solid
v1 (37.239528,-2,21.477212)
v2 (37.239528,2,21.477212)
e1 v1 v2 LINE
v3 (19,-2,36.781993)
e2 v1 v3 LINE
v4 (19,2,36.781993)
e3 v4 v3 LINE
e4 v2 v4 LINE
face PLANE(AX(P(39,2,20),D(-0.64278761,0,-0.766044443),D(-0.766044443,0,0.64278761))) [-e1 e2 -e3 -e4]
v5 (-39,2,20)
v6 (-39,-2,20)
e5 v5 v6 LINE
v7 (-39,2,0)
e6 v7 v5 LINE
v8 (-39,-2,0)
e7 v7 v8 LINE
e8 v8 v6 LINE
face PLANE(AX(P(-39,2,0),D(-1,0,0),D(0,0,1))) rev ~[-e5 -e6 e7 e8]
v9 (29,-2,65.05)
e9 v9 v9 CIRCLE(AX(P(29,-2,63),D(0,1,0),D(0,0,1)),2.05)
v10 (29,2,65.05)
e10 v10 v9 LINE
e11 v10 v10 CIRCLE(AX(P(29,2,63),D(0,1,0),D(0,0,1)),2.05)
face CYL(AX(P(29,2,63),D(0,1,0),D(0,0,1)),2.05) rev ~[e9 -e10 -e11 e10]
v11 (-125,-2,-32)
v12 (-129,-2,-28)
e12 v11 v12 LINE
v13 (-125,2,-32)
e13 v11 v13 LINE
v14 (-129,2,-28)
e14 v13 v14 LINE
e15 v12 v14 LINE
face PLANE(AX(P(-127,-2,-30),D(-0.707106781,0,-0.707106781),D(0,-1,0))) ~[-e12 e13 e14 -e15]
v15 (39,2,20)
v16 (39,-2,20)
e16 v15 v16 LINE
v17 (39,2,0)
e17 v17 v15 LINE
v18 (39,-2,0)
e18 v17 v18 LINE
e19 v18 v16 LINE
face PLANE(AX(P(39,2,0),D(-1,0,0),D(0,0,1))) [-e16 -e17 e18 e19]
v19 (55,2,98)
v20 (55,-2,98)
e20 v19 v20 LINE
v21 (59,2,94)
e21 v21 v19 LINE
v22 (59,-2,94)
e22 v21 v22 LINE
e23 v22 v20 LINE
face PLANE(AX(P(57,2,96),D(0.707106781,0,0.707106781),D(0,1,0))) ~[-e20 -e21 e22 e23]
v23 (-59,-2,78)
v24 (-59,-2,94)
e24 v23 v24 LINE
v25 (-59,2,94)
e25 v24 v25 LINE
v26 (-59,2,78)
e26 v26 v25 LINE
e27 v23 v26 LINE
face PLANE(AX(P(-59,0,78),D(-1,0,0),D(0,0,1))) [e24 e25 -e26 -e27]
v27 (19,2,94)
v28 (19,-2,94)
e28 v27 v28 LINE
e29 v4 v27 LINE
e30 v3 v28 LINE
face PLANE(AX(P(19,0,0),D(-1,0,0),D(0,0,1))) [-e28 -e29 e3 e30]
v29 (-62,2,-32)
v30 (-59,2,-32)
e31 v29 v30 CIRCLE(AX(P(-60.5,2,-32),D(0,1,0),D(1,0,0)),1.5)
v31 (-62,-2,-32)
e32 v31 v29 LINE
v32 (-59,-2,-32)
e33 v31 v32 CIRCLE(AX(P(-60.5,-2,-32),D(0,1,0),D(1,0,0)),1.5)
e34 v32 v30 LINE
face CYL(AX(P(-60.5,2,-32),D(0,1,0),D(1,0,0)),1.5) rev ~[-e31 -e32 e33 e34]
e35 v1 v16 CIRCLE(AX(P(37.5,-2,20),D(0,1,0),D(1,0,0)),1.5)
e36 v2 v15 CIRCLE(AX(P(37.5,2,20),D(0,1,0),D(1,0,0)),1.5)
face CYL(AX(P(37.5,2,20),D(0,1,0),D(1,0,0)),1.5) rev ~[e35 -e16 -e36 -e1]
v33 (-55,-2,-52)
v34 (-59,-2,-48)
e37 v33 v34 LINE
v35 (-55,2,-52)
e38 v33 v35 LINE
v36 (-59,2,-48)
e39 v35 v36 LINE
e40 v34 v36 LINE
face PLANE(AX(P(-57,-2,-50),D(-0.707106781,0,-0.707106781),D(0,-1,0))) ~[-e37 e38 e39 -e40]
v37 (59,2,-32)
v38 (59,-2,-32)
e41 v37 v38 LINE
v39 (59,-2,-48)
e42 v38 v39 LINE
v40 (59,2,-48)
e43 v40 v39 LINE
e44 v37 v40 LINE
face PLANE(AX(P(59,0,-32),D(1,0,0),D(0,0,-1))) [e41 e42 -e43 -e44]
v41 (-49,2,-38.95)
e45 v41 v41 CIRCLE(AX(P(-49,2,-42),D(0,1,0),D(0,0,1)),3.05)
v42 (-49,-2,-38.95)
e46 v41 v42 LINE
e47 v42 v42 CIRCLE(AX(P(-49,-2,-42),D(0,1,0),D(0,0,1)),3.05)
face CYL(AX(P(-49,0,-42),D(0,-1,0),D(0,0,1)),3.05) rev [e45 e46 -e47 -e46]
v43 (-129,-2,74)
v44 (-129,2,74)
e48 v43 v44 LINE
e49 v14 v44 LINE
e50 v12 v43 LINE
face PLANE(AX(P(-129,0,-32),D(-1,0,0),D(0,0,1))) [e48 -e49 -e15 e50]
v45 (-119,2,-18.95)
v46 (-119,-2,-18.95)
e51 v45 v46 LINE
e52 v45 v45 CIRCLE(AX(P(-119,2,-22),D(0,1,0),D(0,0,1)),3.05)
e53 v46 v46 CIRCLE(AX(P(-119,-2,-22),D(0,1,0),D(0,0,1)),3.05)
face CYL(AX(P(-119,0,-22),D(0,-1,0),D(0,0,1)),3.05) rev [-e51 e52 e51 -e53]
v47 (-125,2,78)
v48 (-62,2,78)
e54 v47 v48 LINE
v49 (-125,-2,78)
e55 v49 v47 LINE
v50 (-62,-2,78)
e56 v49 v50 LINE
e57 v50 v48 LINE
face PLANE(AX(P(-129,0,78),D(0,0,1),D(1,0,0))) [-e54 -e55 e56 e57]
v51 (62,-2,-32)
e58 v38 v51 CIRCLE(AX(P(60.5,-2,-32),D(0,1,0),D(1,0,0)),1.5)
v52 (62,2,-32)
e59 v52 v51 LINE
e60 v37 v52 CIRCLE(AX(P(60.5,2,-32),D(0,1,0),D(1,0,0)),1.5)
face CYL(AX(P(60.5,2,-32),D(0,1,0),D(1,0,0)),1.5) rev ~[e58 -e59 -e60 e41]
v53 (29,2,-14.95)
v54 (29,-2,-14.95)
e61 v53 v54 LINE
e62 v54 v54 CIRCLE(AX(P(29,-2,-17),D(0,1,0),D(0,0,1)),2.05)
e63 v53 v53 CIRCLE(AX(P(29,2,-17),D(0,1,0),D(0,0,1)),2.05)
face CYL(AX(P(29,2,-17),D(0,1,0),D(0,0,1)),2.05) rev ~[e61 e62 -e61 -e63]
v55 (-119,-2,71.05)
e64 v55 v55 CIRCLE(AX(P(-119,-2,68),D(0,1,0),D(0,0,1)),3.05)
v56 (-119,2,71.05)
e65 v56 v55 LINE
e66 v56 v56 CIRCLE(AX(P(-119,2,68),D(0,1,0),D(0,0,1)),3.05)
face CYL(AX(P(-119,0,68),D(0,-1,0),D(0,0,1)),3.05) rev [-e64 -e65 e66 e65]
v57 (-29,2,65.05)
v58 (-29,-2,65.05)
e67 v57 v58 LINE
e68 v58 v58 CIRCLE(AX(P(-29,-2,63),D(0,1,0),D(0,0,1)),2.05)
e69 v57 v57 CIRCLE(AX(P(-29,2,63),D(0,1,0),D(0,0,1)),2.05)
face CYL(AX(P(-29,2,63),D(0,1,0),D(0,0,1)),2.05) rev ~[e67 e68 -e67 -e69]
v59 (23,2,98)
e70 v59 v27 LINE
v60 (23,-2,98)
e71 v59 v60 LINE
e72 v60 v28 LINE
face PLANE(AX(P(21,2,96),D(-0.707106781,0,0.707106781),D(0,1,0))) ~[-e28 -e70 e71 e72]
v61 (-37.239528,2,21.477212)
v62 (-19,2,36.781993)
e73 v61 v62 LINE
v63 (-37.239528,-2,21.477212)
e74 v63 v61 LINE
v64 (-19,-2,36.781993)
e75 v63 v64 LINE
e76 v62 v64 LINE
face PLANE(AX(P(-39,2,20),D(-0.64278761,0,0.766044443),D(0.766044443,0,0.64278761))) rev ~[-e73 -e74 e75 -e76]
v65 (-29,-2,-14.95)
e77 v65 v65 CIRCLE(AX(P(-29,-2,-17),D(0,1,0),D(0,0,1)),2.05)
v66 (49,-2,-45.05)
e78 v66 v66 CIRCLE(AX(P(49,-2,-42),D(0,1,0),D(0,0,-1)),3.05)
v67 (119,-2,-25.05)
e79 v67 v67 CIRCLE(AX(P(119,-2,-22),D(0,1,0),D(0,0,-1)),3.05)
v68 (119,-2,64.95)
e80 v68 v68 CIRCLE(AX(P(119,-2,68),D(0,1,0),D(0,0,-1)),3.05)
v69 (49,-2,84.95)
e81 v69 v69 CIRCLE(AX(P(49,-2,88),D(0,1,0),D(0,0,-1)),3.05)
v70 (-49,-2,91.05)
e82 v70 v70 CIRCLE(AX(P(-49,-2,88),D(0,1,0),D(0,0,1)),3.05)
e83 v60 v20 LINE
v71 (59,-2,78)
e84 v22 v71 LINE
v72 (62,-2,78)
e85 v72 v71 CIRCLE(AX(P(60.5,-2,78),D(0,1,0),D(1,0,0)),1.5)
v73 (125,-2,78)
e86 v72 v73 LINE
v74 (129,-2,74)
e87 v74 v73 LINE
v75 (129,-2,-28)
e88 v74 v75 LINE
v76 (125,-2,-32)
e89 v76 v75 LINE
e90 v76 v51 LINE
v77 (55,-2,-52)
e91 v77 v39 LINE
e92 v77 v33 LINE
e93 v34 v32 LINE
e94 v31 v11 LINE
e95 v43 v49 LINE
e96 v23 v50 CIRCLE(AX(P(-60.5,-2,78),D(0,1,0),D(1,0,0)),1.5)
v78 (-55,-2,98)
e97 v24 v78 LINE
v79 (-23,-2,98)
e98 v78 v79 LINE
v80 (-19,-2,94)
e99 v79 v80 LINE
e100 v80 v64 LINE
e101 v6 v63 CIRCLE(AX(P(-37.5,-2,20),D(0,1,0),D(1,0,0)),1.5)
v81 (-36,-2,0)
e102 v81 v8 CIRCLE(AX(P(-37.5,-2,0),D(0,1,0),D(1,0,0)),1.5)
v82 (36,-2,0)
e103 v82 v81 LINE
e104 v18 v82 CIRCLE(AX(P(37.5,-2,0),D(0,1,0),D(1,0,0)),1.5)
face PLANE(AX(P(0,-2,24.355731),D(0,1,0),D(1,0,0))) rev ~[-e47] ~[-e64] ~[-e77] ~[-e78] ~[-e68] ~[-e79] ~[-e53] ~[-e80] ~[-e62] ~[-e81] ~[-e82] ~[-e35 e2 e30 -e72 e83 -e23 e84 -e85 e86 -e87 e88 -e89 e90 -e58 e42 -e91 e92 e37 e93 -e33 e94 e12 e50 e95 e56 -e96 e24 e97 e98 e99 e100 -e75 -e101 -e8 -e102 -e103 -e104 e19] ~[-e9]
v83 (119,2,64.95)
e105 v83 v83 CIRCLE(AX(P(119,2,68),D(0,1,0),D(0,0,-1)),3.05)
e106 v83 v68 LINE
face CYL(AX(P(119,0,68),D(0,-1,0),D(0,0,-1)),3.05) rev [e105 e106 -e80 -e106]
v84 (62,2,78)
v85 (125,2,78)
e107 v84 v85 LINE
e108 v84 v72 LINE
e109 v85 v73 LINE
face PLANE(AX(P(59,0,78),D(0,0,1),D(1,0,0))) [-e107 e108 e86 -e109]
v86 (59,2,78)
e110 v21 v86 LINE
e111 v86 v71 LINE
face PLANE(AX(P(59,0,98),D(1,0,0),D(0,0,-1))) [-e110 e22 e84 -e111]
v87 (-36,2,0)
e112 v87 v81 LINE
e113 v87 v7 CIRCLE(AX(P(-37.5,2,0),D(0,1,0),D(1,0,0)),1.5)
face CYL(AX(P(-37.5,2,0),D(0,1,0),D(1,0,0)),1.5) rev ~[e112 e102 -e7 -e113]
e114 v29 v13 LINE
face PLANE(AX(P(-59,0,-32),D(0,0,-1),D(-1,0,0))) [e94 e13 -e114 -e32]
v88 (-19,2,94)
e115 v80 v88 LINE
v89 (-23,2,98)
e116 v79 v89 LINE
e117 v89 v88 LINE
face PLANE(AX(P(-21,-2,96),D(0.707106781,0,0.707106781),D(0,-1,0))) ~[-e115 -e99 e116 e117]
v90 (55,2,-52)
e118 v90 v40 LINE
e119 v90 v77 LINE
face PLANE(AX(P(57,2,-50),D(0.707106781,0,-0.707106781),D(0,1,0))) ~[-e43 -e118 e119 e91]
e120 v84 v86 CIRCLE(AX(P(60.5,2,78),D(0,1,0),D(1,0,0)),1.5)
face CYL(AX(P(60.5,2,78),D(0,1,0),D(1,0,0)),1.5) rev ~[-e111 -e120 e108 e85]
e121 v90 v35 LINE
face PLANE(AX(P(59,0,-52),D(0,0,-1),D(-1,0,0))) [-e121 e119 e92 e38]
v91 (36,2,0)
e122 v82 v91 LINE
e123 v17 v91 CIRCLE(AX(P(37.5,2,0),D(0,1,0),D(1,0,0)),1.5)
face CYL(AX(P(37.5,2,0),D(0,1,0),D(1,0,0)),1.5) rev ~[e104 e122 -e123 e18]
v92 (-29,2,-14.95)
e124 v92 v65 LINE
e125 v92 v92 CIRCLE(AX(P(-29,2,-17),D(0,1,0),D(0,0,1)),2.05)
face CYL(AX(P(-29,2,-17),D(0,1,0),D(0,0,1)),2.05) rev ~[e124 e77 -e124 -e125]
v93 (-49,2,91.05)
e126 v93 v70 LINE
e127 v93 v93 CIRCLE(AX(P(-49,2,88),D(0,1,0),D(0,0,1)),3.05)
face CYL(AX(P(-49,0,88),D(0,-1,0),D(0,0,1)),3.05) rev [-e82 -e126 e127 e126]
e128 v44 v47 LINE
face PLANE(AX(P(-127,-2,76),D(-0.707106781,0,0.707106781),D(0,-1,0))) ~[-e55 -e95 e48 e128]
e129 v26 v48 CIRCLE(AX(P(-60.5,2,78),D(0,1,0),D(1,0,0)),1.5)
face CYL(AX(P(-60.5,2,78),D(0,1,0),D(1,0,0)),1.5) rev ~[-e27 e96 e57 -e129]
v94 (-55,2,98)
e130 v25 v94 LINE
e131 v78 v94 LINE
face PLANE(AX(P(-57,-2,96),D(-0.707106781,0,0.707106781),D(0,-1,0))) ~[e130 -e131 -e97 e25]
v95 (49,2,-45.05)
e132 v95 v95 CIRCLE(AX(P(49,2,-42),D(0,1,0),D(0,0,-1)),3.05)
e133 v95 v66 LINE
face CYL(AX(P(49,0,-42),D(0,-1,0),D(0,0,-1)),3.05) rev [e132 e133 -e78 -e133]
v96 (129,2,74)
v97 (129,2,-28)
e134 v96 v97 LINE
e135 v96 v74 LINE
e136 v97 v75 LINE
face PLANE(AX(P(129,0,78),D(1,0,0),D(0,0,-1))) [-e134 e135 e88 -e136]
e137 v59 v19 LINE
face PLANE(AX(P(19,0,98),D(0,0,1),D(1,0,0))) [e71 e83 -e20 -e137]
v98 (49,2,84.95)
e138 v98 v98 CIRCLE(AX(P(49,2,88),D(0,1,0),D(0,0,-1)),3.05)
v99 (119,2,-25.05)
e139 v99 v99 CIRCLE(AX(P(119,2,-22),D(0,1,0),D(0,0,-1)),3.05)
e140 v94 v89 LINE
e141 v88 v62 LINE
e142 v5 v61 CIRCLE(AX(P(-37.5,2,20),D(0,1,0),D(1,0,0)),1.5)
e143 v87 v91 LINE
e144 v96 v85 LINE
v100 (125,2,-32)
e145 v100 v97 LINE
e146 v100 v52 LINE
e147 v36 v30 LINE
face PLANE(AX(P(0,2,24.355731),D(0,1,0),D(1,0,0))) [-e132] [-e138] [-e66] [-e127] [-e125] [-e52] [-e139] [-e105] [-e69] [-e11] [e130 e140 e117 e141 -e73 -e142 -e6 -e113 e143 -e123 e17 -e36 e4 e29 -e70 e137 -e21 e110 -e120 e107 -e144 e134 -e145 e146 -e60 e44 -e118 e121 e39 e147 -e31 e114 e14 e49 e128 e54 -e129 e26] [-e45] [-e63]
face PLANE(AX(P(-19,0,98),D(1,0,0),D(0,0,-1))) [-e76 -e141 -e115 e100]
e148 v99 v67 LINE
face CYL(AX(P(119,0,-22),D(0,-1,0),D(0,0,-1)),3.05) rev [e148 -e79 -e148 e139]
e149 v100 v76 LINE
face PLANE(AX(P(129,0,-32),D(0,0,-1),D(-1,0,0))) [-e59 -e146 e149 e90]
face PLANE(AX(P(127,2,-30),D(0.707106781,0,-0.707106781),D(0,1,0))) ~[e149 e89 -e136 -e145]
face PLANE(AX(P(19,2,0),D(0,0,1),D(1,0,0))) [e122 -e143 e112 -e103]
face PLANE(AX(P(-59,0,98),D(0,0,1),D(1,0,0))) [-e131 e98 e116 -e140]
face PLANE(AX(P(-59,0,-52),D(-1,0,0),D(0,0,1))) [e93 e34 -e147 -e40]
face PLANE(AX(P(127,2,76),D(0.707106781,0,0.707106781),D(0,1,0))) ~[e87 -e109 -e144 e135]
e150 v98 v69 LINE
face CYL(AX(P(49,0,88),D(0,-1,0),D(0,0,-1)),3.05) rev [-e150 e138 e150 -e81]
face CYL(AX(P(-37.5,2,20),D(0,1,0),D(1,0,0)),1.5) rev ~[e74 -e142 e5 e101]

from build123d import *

# Parameters (mm, degrees)
SKETCH_1_R          = 3.05
EXTRUDE_1_DEPTH     = 2
CUT_EXTRUDE_1_DEPTH = 163.052460642
SKETCH_3_R          = 1.5
CUT_EXTRUDE_2_DEPTH = 163.052460642
SKETCH_4_R          = 2.05
CUT_EXTRUDE_3_DEPTH = 163.052460642
CHAMFER_1_SIZE      = 4


with BuildPart() as part:
    # 草图1 → 凸台-拉伸1 (new, symmetric)
    with BuildSketch(Plane(origin=(0, 0, 0), x_dir=(1, 0, 0), z_dir=(0, 1, 0))):
        Polygon((59, 52), (-59, 52), (-59, 32), (-129, 32), (-129, -78), (-59, -78), (-59, -98), (-19, -98), (-19, 0), (19, 0), (19, -98), (59, -98), (59, -78), (129, -78), (129, 32), (59, 32), align=None)
        with Locations(Location((-49, 42, 0), (0, 0, 270))):
            Circle(SKETCH_1_R, mode=Mode.SUBTRACT)
        with Locations(Location((-119, 22, 0), (0, 0, 270))):
            Circle(SKETCH_1_R, mode=Mode.SUBTRACT)
        with Locations(Location((-119, -68, 0), (0, 0, 270))):
            Circle(SKETCH_1_R, mode=Mode.SUBTRACT)
        with Locations(Location((-49, -88, 0), (0, 0, 270))):
            Circle(SKETCH_1_R, mode=Mode.SUBTRACT)
        with Locations(Location((49, -88, 0), (0, 0, 90))):
            Circle(SKETCH_1_R, mode=Mode.SUBTRACT)
        with Locations(Location((119, -68, 0), (0, 0, 90))):
            Circle(SKETCH_1_R, mode=Mode.SUBTRACT)
        with Locations(Location((119, 22, 0), (0, 0, 90))):
            Circle(SKETCH_1_R, mode=Mode.SUBTRACT)
        with Locations(Location((49, 42, 0), (0, 0, 90))):
            Circle(SKETCH_1_R, mode=Mode.SUBTRACT)
    extrude(amount=EXTRUDE_1_DEPTH, both=True)

    # 草图2 → 切除-拉伸1 (cut, through all)
    with BuildSketch(Plane(origin=(0, 2, 0), x_dir=(1, 0, 0), z_dir=(0, 1, 0))):
        Polygon((-19, 0), (-39, 0), (-39, -20), (-19, -36.781992624), align=None)
        Polygon((39, -20), (19, -36.781992624), (19, 0), (39, 0), align=None)
    extrude(amount=-CUT_EXTRUDE_1_DEPTH, mode=Mode.SUBTRACT)

    # 草图3 → 切除-拉伸2 (cut, through all)
    with BuildSketch(Plane(origin=(0, 2, 0), x_dir=(1, 0, 0), z_dir=(0, 1, 0))):
        with Locations((-37.5, 0)):
            Circle(SKETCH_3_R)
        with Locations((-37.5, -20)):
            Circle(SKETCH_3_R)
        with Locations((37.5, -20)):
            Circle(SKETCH_3_R)
        with Locations((37.5, 0)):
            Circle(SKETCH_3_R)
        with Locations((-60.5, 32)):
            Circle(SKETCH_3_R)
        with Locations((-60.5, -78)):
            Circle(SKETCH_3_R)
        with Locations((60.5, -78)):
            Circle(SKETCH_3_R)
        with Locations((60.5, 32)):
            Circle(SKETCH_3_R)
    extrude(amount=-CUT_EXTRUDE_2_DEPTH, mode=Mode.SUBTRACT)

    # 草图4 → 切除-拉伸3 (cut, through all)
    with BuildSketch(Plane(origin=(0, 2, 0), x_dir=(1, 0, 0), z_dir=(0, 1, 0))):
        with Locations(Location((-29, -63, 0), (0, 0, 270))):
            Circle(SKETCH_4_R)
        with Locations(Location((29, -63, 0), (0, 0, 270))):
            Circle(SKETCH_4_R)
        with Locations(Location((29, 17, 0), (0, 0, 270))):
            Circle(SKETCH_4_R)
        with Locations(Location((-29, 17, 0), (0, 0, 270))):
            Circle(SKETCH_4_R)
    extrude(amount=-CUT_EXTRUDE_3_DEPTH, mode=Mode.SUBTRACT)

    # 倒角1
    chamfer_1_edges = [part.edges().sort_by_distance(p)[0] for p in [
        (-129, 0, 78),
        (-129, 0, -32),
        (-59, 0, -52),
        (59, 0, -52),
        (129, 0, -32),
        (129, 0, 78),
        (59, 0, 98),
        (19, 0, 98),
        (-19, 0, 98),
        (-59, 0, 98),
    ]]
    chamfer(chamfer_1_edges, length=CHAMFER_1_SIZE)


solid = part.part
